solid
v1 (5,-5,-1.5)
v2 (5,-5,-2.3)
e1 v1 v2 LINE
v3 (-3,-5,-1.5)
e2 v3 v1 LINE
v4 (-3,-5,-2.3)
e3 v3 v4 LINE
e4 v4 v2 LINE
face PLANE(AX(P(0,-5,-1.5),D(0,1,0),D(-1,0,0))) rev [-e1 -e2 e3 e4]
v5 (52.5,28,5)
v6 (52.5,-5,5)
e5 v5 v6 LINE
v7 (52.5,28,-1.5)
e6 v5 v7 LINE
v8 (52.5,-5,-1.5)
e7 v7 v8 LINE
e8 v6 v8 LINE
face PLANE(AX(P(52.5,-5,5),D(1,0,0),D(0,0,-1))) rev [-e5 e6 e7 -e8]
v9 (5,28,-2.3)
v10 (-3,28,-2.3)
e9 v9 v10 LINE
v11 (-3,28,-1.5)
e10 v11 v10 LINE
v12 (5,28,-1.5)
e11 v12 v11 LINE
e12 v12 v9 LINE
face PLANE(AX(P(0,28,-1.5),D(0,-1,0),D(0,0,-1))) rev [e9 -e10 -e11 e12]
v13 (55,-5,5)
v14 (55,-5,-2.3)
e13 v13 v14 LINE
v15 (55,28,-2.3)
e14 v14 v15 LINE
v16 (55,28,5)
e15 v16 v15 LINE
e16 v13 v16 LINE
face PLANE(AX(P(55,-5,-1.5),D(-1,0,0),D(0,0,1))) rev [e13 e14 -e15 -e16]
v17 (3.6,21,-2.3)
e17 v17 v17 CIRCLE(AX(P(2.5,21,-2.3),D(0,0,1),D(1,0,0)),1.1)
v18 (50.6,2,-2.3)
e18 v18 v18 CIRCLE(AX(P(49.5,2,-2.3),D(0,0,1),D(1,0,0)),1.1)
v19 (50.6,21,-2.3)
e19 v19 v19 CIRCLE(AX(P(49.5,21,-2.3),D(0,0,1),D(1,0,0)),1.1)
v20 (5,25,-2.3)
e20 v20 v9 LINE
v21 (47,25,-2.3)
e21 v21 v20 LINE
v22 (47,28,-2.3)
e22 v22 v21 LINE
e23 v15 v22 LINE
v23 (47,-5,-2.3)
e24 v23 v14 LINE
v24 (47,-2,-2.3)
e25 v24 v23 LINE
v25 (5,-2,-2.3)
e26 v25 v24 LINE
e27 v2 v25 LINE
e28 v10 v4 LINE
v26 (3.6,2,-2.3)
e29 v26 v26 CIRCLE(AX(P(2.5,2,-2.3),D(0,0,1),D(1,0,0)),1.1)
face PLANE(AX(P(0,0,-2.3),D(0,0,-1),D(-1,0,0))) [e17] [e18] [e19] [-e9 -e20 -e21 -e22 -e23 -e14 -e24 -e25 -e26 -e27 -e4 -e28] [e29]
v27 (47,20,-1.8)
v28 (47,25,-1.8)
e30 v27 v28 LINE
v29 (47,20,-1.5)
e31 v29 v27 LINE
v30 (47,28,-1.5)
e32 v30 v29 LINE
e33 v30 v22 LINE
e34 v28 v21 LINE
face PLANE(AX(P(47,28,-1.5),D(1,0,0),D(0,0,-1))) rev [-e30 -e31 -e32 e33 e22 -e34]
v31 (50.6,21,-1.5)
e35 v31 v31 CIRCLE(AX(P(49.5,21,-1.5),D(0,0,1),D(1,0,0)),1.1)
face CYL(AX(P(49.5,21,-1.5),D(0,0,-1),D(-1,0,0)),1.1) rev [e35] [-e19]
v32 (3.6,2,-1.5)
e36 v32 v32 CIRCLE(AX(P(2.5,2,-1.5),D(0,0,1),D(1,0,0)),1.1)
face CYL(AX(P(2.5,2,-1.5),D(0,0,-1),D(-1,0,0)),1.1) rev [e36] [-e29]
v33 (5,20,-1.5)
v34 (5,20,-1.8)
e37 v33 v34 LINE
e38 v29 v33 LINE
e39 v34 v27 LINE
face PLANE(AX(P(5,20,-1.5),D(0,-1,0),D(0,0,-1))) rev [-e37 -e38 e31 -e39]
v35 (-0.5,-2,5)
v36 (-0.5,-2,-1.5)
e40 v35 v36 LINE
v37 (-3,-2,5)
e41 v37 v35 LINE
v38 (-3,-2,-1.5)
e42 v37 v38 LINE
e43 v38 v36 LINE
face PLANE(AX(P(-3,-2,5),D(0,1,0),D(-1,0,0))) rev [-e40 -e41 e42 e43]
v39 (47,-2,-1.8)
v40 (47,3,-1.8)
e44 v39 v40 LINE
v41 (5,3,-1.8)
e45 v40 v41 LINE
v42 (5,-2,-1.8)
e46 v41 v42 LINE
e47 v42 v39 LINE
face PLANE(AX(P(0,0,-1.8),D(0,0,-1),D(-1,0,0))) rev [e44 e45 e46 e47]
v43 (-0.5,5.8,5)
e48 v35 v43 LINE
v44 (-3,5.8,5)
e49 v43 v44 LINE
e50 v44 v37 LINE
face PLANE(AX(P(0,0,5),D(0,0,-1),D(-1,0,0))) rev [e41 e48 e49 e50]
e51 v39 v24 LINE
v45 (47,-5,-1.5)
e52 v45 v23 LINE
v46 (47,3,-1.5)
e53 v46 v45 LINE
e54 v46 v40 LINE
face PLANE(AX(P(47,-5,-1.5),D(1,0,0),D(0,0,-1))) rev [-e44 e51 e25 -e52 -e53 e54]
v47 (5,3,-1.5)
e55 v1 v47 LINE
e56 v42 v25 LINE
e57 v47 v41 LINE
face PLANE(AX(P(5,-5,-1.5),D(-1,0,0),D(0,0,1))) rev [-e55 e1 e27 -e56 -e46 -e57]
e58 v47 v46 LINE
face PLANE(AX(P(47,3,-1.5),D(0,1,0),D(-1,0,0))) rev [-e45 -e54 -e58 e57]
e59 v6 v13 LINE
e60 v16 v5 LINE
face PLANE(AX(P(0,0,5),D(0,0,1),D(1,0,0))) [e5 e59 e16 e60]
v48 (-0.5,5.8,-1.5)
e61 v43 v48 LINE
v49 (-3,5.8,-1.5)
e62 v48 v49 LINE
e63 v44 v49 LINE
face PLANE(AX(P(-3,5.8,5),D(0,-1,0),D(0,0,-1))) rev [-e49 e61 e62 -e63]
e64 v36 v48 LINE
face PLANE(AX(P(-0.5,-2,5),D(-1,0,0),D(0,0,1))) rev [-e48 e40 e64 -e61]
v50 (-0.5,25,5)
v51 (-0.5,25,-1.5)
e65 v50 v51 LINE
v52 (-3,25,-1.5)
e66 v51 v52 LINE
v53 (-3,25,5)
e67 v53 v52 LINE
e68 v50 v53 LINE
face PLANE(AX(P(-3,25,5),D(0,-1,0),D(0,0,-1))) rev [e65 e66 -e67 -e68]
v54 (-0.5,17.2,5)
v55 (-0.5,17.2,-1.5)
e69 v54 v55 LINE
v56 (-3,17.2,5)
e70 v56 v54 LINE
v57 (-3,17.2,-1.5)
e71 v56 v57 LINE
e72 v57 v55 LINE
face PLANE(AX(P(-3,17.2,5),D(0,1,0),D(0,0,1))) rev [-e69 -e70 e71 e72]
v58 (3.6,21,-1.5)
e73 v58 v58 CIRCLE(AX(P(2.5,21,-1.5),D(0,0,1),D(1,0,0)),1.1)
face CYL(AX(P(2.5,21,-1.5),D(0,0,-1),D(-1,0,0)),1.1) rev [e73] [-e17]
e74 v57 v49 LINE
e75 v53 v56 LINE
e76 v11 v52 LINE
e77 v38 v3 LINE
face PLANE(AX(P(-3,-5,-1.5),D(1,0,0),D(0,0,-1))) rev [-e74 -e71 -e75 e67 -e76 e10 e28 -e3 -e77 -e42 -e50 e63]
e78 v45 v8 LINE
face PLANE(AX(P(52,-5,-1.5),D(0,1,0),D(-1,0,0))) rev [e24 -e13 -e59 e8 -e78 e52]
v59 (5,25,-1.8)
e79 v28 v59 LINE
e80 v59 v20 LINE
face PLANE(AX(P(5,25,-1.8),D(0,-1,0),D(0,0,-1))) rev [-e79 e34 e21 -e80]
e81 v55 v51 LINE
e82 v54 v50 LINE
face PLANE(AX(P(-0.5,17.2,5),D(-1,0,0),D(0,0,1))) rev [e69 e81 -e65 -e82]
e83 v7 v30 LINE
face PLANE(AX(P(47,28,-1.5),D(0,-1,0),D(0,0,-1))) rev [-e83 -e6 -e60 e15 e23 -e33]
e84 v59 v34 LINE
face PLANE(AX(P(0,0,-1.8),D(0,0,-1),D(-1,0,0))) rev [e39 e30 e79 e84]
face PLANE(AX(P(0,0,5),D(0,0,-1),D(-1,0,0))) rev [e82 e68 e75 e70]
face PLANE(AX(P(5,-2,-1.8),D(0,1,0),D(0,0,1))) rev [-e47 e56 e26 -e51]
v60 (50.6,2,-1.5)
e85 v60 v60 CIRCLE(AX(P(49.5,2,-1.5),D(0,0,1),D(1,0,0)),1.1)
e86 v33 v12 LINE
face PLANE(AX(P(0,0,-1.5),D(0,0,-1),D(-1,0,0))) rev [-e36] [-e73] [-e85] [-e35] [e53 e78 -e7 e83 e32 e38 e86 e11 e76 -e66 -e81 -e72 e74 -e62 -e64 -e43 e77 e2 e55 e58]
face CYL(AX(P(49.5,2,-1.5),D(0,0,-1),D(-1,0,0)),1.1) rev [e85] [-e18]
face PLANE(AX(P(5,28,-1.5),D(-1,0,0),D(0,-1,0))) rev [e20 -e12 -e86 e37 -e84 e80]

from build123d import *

# Parameters (mm, degrees)
SKETCH1_R           = 1.1
BOSS_EXTRUDE1_DEPTH = 0.8
SKETCH2_W           = 42
SKETCH2_H           = 27
BOSS_EXTRUDE2_DEPTH = 0.5
SKETCH3_W           = 2.5
SKETCH3_H           = 33
SKETCH3_H_2         = 7.8
BOSS_EXTRUDE3_DEPTH = 6.5


with BuildPart() as part:
    # Sketch1 → Boss-Extrude1 (new body)
    with BuildSketch(Plane.XY.offset(-2.3)):
        Polygon((52, -5), (55, -5), (55, 28), (52, 28), (47, 28), (47, 20), (5, 20), (5, 28), (0, 28), (-3, 28), (-3, -5), (0, -5), (5, -5), (5, 3), (47, 3), (47, -5), align=None)
        with Locations((49.5, 2)):
            Circle(SKETCH1_R, mode=Mode.SUBTRACT)
        with Locations((49.5, 21)):
            Circle(SKETCH1_R, mode=Mode.SUBTRACT)
        with Locations((2.5, 2)):
            Circle(SKETCH1_R, mode=Mode.SUBTRACT)
        with Locations((2.5, 21)):
            Circle(SKETCH1_R, mode=Mode.SUBTRACT)
    extrude(amount=BOSS_EXTRUDE1_DEPTH)

    # Sketch2 → Boss-Extrude2 (add)
    with BuildSketch(Plane.XY.offset(-2.3)):
        with Locations((26, 11.5)):
            Rectangle(SKETCH2_W, SKETCH2_H)
    extrude(amount=BOSS_EXTRUDE2_DEPTH)

    # Sketch3 → Boss-Extrude3 (add)
    with BuildSketch(Plane.XY.offset(-1.5)):
        with Locations((53.75, 11.5)):
            Rectangle(SKETCH3_W, SKETCH3_H)
        with Locations((-1.75, 1.9)):
            Rectangle(SKETCH3_W, SKETCH3_H_2)
        with Locations((-1.75, 21.1)):
            Rectangle(SKETCH3_W, SKETCH3_H_2)
    extrude(amount=BOSS_EXTRUDE3_DEPTH)


solid = part.part
